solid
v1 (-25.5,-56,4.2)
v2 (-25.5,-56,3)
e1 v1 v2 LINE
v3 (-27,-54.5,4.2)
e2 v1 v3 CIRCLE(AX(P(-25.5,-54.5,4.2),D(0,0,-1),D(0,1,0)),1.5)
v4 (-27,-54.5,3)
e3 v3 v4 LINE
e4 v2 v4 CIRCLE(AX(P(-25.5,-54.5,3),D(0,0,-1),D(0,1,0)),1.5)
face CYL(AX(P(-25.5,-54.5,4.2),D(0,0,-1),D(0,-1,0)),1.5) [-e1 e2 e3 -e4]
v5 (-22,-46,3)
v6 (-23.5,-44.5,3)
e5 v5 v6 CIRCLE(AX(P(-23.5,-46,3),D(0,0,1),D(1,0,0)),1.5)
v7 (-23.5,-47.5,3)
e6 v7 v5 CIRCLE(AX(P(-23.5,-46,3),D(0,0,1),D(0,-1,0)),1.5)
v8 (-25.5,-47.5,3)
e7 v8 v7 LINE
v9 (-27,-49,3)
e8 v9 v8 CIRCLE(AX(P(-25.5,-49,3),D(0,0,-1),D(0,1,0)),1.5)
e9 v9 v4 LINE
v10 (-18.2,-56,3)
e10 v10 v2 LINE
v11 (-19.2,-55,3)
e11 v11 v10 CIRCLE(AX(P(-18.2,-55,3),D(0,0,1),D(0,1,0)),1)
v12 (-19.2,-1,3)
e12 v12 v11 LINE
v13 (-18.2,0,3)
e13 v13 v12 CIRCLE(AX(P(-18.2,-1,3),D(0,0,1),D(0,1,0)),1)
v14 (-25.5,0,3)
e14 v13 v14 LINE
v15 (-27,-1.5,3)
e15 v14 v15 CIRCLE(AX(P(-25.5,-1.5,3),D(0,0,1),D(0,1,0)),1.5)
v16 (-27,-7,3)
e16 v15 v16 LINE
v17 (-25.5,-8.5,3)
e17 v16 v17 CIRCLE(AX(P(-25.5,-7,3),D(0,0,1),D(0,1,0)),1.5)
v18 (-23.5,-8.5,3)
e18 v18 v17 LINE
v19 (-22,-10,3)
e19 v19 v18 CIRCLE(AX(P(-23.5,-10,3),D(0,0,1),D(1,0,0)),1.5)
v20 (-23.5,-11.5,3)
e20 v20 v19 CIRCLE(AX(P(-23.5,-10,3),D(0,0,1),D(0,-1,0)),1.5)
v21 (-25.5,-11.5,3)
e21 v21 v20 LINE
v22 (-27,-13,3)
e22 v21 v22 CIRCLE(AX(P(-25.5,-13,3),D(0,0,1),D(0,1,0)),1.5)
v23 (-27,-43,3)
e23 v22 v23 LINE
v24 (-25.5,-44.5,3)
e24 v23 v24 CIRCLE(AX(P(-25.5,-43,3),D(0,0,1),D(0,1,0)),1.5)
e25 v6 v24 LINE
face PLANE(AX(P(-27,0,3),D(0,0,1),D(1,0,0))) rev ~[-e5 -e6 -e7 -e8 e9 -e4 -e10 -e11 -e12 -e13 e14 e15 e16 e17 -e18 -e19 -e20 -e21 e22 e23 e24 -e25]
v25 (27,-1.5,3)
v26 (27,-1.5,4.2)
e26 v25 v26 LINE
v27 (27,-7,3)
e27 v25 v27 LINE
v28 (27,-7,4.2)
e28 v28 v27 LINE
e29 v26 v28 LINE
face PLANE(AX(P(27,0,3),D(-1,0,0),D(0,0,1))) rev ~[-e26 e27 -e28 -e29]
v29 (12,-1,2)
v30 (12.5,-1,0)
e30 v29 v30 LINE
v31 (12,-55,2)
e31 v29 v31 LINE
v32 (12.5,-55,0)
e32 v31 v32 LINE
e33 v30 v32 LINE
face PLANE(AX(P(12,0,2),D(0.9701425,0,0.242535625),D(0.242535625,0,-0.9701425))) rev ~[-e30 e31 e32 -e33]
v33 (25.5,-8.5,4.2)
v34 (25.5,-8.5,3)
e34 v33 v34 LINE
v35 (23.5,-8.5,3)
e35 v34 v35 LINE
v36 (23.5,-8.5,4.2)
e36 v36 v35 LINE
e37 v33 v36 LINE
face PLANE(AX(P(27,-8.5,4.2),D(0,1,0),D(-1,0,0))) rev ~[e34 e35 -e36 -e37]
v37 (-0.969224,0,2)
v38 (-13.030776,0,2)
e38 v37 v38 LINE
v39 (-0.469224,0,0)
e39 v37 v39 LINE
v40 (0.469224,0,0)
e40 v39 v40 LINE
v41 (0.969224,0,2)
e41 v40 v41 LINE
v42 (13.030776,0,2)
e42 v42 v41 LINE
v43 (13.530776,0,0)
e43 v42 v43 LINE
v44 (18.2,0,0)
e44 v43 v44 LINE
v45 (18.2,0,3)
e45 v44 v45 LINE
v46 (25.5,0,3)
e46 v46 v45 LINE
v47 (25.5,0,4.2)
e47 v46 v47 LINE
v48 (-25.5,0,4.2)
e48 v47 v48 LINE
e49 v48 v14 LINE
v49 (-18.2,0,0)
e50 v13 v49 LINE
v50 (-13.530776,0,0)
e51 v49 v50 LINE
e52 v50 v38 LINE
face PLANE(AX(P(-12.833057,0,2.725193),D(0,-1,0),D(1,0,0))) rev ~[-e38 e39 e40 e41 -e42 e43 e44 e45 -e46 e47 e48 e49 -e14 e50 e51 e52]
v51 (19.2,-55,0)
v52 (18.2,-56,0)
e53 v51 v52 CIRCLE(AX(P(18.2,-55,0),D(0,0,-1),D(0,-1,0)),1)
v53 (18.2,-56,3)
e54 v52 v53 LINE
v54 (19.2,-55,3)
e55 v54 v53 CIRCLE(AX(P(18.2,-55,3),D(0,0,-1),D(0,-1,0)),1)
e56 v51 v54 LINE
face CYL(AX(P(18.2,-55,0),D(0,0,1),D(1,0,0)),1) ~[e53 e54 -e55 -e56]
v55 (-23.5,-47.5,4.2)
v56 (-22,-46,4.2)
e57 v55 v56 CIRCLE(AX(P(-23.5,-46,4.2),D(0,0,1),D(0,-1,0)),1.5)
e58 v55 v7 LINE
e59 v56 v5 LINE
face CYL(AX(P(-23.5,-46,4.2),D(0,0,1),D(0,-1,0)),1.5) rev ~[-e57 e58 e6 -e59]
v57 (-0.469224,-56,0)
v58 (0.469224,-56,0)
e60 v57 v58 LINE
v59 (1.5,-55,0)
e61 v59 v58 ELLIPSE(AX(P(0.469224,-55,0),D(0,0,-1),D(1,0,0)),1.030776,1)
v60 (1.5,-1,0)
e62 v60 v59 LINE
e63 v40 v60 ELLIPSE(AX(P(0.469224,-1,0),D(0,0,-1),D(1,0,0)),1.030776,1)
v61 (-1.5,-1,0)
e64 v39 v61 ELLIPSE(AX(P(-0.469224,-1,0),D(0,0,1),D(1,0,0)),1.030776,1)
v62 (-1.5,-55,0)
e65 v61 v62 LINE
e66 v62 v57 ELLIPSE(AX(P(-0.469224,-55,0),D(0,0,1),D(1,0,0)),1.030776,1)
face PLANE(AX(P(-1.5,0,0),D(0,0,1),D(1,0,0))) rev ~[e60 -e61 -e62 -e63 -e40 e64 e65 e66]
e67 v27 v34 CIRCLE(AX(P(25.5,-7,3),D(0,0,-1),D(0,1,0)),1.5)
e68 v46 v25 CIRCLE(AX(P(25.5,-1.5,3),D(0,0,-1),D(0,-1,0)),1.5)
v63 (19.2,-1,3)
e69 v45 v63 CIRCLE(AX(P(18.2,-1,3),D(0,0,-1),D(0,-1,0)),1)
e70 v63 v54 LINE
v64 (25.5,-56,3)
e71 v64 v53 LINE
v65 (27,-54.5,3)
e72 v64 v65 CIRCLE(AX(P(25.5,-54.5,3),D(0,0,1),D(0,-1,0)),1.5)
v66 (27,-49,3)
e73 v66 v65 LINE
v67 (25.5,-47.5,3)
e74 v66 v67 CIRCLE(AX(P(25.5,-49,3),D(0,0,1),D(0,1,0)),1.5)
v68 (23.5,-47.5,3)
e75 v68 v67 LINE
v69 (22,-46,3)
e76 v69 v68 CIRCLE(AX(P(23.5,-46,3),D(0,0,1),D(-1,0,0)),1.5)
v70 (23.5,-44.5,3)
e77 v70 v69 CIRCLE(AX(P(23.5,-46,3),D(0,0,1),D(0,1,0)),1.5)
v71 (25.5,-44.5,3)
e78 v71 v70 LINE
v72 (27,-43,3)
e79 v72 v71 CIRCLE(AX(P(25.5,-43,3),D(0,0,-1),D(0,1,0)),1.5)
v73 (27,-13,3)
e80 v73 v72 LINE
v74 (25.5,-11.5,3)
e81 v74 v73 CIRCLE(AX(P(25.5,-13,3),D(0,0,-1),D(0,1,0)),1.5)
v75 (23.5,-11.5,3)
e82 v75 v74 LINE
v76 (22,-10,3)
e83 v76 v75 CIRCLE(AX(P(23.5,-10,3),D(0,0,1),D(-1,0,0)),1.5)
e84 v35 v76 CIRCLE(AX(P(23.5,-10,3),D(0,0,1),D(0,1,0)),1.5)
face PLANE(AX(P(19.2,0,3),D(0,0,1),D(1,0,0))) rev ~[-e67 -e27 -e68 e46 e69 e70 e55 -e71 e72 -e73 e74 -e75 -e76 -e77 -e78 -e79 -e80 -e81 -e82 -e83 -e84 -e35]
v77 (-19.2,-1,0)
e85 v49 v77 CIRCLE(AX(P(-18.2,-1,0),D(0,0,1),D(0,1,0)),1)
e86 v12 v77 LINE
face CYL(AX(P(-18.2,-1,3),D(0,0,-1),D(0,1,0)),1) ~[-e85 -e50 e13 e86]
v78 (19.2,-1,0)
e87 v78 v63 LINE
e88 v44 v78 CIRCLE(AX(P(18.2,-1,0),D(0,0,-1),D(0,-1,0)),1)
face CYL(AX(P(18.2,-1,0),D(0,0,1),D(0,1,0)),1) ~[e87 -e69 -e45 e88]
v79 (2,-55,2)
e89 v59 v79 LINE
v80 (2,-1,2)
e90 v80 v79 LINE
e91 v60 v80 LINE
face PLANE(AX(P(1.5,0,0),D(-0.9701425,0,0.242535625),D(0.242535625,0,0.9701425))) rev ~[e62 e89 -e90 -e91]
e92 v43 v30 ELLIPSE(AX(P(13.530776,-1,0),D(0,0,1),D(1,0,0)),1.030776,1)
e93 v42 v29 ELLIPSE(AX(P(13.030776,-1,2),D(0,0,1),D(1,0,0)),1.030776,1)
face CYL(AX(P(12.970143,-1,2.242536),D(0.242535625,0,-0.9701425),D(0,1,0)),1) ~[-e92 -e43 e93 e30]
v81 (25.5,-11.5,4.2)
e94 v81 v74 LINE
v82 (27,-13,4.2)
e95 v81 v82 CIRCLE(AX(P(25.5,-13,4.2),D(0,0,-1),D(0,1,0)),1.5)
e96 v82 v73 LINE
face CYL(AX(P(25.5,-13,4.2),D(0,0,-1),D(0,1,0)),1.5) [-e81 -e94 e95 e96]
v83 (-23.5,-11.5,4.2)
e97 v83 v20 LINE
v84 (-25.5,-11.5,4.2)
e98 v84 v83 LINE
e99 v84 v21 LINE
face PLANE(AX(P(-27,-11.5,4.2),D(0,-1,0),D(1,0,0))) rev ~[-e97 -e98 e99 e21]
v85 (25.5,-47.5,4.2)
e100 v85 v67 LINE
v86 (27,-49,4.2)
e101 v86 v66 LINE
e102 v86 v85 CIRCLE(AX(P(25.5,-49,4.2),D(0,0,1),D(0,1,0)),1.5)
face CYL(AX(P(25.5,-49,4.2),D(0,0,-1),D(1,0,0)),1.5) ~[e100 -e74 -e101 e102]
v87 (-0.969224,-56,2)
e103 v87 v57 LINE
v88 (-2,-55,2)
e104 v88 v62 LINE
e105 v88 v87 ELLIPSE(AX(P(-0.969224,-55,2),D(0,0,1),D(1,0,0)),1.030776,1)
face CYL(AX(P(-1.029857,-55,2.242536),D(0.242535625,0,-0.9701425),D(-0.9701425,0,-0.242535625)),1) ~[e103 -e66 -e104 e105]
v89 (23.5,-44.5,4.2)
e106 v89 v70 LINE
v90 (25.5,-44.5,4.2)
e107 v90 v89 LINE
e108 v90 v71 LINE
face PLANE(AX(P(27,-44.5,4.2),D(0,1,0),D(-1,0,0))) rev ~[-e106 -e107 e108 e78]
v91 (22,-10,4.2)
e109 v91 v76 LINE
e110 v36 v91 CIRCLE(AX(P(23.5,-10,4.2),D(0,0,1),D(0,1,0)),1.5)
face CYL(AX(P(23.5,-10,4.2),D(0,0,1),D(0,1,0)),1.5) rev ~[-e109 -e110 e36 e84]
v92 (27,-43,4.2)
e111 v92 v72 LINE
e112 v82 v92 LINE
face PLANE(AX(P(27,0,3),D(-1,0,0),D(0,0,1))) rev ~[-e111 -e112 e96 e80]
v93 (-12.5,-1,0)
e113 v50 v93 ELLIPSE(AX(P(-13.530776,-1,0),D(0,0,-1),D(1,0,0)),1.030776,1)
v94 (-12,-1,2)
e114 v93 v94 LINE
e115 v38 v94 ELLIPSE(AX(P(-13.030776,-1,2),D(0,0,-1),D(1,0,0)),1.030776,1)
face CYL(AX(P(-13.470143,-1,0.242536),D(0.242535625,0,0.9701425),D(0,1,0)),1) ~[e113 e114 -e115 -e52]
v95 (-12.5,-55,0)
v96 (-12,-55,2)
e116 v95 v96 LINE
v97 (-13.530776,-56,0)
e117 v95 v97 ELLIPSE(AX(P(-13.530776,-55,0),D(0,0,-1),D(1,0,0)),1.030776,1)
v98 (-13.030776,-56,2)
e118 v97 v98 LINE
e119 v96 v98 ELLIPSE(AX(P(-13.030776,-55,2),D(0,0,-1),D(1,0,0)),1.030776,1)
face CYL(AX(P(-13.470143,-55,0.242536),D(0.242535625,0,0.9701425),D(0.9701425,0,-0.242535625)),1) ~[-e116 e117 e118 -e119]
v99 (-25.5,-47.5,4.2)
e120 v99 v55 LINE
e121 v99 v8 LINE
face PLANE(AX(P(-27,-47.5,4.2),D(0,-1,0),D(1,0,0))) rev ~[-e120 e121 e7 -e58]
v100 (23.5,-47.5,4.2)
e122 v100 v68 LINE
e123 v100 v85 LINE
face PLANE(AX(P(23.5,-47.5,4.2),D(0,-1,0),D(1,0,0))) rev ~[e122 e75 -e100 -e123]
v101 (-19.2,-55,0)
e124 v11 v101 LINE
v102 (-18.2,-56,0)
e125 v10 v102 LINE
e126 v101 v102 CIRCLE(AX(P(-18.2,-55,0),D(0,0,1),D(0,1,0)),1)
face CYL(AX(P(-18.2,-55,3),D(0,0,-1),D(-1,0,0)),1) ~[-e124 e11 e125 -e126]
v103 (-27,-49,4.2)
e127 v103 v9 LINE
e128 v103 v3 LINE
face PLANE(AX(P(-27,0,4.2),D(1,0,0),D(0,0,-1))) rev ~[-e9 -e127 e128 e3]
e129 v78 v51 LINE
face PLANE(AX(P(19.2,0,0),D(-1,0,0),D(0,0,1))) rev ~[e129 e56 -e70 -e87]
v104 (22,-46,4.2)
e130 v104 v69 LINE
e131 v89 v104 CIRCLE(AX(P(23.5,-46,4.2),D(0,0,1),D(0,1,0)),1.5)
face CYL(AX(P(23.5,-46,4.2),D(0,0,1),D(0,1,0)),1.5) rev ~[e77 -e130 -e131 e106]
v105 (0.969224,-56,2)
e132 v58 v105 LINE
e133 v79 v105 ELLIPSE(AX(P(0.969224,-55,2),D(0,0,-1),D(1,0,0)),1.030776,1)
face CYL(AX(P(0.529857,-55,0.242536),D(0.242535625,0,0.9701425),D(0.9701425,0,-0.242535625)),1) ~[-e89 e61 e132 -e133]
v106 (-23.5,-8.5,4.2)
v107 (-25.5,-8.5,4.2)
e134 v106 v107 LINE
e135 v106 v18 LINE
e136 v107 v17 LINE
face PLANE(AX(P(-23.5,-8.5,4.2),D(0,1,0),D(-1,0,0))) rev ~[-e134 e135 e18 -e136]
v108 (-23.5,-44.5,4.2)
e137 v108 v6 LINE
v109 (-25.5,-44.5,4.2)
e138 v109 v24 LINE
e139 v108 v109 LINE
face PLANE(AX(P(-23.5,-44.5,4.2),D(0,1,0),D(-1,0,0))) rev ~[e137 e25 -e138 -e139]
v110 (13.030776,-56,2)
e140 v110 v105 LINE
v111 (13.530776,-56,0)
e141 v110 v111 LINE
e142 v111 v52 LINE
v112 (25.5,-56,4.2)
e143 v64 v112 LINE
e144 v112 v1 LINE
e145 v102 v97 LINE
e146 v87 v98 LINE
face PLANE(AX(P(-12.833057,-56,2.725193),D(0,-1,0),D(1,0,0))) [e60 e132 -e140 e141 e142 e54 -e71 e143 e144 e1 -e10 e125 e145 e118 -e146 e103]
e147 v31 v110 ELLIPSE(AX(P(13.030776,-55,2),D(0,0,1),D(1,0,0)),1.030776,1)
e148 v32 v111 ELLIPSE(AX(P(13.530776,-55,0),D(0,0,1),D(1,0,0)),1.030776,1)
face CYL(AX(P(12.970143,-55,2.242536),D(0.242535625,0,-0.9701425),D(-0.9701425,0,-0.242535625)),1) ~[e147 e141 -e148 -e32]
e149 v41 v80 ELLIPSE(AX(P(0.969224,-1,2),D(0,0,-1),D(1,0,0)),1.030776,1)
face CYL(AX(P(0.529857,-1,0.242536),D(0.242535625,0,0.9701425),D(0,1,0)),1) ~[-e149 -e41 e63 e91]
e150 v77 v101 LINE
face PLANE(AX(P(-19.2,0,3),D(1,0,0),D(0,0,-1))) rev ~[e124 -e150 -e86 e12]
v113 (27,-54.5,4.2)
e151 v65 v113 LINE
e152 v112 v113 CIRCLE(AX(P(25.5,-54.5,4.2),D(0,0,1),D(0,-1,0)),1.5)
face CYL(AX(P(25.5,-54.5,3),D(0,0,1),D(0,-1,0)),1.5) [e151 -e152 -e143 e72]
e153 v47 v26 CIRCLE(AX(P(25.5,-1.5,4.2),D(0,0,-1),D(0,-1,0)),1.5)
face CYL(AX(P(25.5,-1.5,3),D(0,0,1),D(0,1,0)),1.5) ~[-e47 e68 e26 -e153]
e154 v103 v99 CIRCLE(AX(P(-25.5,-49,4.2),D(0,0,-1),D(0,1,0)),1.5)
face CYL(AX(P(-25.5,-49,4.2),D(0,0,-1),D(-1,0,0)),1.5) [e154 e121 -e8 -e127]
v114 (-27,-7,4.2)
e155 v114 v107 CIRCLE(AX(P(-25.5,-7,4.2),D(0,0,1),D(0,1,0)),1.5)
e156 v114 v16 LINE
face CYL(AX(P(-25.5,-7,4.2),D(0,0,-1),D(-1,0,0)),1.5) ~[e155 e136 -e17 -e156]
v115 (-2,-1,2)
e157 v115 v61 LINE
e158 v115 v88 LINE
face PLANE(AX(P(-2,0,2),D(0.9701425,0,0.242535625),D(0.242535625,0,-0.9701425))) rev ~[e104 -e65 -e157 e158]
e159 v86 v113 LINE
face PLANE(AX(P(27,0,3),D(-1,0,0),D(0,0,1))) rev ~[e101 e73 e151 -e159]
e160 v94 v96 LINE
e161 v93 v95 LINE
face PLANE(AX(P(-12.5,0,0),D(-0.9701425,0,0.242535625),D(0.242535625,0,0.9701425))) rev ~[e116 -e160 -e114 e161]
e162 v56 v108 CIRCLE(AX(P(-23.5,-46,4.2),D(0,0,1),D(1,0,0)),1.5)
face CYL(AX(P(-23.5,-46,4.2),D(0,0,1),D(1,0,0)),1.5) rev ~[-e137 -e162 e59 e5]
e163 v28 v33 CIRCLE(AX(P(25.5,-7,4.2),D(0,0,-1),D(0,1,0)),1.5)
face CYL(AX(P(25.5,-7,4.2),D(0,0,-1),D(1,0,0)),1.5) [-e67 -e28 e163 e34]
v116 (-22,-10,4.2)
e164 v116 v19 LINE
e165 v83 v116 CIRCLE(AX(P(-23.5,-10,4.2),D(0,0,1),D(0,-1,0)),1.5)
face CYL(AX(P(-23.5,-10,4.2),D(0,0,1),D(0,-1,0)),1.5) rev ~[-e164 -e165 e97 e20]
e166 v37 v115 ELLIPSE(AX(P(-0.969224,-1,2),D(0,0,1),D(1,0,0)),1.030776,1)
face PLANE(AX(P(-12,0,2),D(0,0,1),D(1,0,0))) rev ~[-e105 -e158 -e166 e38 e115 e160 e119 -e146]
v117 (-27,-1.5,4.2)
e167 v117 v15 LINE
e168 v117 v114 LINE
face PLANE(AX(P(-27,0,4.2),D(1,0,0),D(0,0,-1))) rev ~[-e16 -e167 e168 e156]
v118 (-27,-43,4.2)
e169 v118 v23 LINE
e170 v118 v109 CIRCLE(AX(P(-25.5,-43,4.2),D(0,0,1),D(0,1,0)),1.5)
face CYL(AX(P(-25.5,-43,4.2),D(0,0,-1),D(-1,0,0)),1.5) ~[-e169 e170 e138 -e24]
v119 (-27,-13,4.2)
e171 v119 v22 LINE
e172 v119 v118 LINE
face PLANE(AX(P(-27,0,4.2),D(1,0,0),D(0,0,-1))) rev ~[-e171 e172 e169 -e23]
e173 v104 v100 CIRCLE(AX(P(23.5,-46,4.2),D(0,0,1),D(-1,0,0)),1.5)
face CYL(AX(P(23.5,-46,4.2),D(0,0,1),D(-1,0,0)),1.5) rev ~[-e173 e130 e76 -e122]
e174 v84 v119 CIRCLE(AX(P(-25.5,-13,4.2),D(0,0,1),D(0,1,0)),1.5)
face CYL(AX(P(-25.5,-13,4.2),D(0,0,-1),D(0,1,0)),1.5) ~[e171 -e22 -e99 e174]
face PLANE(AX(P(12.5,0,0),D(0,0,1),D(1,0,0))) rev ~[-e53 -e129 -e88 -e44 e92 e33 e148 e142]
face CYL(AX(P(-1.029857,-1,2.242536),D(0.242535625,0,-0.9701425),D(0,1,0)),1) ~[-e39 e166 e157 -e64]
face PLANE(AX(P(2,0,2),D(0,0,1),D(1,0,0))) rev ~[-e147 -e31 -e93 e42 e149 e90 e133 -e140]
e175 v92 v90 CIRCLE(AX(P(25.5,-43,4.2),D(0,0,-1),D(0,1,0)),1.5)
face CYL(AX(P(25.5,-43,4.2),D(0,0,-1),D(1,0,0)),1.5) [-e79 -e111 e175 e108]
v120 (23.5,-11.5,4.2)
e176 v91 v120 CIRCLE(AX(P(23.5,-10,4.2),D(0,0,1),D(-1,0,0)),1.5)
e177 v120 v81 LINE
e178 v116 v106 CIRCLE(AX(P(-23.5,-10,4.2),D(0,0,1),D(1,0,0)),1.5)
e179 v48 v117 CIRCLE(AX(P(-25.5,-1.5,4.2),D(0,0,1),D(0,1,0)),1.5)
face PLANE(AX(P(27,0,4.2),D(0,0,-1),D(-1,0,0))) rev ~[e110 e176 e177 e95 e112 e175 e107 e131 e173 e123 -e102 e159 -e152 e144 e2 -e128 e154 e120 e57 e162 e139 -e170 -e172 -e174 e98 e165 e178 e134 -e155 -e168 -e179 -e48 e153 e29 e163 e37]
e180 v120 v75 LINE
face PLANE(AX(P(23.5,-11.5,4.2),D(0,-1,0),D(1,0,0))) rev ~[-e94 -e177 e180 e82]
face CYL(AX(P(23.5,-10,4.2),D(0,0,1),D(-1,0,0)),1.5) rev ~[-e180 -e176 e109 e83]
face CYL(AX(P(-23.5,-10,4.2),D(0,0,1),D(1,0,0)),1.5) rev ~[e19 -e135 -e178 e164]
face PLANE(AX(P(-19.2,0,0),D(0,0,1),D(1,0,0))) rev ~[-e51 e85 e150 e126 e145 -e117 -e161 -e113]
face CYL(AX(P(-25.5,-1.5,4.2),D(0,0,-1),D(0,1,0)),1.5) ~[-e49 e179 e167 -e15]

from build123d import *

# Parameters (mm, degrees)
F1_DEPTH = 56
F3_DEPTH = 25
F4_R     = 1.5
F5_R     = 1


with BuildPart() as f1:
    # F0 (on Front) → F1 (new body)
    with BuildSketch(Plane.XZ):
        Polygon((-1.5, 0), (0, 0), (0, 4.2), (-27, 4.2), (-27, 3), (-19.2, 3), (-19.2, 0), (-12.5, 0), (-12, 2), (-2, 2), align=None)
        Polygon((0, 4.2), (0, 0), (1.5, 0), (2, 2), (12, 2), (12.5, 0), (19.2, 0), (19.2, 3), (27, 3), (27, 4.2), align=None)
    extrude(amount=F1_DEPTH)

    # F2 (on face) → F3 (cut)
    with BuildSketch(Plane.XY.offset(4.2)):
        with BuildLine():
            Line((27, -47.5), (27, -44.5))
            Line((27, -44.5), (23.5, -44.5))
            ThreePointArc((23.5, -44.5), (22.4393398282, -44.9393398282), (22, -46))
            ThreePointArc((22, -46), (22.4393398282, -47.0606601718), (23.5, -47.5))
            Line((23.5, -47.5), (27, -47.5))
        make_face()
        with BuildLine():
            Line((27, -11.5), (27, -8.5))
            Line((27, -8.5), (23.5, -8.5))
            ThreePointArc((23.5, -8.5), (22.4393398282, -8.9393398282), (22, -10))
            ThreePointArc((22, -10), (22.4393398282, -11.0606601718), (23.5, -11.5))
            Line((23.5, -11.5), (27, -11.5))
        make_face()
        with BuildLine():
            ThreePointArc((-22, -10), (-22.4393398282, -8.9393398282), (-23.5, -8.5))
            Line((-23.5, -8.5), (-27, -8.5))
            Line((-27, -8.5), (-27, -11.5))
            Line((-27, -11.5), (-23.5, -11.5))
            ThreePointArc((-23.5, -11.5), (-22.4393398282, -11.0606601718), (-22, -10))
        make_face()
        with BuildLine():
            Line((-23.5, -44.5), (-27, -44.5))
            Line((-27, -44.5), (-27, -47.5))
            Line((-27, -47.5), (-23.5, -47.5))
            ThreePointArc((-23.5, -47.5), (-22.4393398282, -47.0606601718), (-22, -46))
            ThreePointArc((-22, -46), (-22.4393398282, -44.9393398282), (-23.5, -44.5))
        make_face()
    extrude(amount=-F3_DEPTH, mode=Mode.SUBTRACT)

    # F4
    f4_edges = [f1.edges().sort_by_distance(p)[0] for p in [
        (-27, -47.5, 3.6),
        (-27, -44.5, 3.6),
        (27, -47.5, 3.6),
        (27, -44.5, 3.6),
        (27, -11.5, 3.6),
        (27, -8.5, 3.6),
        (-27, -11.5, 3.6),
        (-27, -8.5, 3.6),
        (27, -56, 3.6),
        (-27, -56, 3.6),
        (-27, 0, 3.6),
        (27, 0, 3.6),
    ]]
    fillet(f4_edges, radius=F4_R)

    # F5
    f5_edges = [f1.edges().sort_by_distance(p)[0] for p in [
        (12.25, 0, 1),
        (19.2, 0, 1.5),
        (1.75, 0, 1),
        (-1.75, 0, 1),
        (-12.25, 0, 1),
        (-19.2, 0, 1.5),
        (-19.2, -56, 1.5),
        (-12.25, -56, 1),
        (-1.75, -56, 1),
        (1.75, -56, 1),
        (12.25, -56, 1),
        (19.2, -56, 1.5),
    ]]
    fillet(f5_edges, radius=F5_R)


solid = f1.part
